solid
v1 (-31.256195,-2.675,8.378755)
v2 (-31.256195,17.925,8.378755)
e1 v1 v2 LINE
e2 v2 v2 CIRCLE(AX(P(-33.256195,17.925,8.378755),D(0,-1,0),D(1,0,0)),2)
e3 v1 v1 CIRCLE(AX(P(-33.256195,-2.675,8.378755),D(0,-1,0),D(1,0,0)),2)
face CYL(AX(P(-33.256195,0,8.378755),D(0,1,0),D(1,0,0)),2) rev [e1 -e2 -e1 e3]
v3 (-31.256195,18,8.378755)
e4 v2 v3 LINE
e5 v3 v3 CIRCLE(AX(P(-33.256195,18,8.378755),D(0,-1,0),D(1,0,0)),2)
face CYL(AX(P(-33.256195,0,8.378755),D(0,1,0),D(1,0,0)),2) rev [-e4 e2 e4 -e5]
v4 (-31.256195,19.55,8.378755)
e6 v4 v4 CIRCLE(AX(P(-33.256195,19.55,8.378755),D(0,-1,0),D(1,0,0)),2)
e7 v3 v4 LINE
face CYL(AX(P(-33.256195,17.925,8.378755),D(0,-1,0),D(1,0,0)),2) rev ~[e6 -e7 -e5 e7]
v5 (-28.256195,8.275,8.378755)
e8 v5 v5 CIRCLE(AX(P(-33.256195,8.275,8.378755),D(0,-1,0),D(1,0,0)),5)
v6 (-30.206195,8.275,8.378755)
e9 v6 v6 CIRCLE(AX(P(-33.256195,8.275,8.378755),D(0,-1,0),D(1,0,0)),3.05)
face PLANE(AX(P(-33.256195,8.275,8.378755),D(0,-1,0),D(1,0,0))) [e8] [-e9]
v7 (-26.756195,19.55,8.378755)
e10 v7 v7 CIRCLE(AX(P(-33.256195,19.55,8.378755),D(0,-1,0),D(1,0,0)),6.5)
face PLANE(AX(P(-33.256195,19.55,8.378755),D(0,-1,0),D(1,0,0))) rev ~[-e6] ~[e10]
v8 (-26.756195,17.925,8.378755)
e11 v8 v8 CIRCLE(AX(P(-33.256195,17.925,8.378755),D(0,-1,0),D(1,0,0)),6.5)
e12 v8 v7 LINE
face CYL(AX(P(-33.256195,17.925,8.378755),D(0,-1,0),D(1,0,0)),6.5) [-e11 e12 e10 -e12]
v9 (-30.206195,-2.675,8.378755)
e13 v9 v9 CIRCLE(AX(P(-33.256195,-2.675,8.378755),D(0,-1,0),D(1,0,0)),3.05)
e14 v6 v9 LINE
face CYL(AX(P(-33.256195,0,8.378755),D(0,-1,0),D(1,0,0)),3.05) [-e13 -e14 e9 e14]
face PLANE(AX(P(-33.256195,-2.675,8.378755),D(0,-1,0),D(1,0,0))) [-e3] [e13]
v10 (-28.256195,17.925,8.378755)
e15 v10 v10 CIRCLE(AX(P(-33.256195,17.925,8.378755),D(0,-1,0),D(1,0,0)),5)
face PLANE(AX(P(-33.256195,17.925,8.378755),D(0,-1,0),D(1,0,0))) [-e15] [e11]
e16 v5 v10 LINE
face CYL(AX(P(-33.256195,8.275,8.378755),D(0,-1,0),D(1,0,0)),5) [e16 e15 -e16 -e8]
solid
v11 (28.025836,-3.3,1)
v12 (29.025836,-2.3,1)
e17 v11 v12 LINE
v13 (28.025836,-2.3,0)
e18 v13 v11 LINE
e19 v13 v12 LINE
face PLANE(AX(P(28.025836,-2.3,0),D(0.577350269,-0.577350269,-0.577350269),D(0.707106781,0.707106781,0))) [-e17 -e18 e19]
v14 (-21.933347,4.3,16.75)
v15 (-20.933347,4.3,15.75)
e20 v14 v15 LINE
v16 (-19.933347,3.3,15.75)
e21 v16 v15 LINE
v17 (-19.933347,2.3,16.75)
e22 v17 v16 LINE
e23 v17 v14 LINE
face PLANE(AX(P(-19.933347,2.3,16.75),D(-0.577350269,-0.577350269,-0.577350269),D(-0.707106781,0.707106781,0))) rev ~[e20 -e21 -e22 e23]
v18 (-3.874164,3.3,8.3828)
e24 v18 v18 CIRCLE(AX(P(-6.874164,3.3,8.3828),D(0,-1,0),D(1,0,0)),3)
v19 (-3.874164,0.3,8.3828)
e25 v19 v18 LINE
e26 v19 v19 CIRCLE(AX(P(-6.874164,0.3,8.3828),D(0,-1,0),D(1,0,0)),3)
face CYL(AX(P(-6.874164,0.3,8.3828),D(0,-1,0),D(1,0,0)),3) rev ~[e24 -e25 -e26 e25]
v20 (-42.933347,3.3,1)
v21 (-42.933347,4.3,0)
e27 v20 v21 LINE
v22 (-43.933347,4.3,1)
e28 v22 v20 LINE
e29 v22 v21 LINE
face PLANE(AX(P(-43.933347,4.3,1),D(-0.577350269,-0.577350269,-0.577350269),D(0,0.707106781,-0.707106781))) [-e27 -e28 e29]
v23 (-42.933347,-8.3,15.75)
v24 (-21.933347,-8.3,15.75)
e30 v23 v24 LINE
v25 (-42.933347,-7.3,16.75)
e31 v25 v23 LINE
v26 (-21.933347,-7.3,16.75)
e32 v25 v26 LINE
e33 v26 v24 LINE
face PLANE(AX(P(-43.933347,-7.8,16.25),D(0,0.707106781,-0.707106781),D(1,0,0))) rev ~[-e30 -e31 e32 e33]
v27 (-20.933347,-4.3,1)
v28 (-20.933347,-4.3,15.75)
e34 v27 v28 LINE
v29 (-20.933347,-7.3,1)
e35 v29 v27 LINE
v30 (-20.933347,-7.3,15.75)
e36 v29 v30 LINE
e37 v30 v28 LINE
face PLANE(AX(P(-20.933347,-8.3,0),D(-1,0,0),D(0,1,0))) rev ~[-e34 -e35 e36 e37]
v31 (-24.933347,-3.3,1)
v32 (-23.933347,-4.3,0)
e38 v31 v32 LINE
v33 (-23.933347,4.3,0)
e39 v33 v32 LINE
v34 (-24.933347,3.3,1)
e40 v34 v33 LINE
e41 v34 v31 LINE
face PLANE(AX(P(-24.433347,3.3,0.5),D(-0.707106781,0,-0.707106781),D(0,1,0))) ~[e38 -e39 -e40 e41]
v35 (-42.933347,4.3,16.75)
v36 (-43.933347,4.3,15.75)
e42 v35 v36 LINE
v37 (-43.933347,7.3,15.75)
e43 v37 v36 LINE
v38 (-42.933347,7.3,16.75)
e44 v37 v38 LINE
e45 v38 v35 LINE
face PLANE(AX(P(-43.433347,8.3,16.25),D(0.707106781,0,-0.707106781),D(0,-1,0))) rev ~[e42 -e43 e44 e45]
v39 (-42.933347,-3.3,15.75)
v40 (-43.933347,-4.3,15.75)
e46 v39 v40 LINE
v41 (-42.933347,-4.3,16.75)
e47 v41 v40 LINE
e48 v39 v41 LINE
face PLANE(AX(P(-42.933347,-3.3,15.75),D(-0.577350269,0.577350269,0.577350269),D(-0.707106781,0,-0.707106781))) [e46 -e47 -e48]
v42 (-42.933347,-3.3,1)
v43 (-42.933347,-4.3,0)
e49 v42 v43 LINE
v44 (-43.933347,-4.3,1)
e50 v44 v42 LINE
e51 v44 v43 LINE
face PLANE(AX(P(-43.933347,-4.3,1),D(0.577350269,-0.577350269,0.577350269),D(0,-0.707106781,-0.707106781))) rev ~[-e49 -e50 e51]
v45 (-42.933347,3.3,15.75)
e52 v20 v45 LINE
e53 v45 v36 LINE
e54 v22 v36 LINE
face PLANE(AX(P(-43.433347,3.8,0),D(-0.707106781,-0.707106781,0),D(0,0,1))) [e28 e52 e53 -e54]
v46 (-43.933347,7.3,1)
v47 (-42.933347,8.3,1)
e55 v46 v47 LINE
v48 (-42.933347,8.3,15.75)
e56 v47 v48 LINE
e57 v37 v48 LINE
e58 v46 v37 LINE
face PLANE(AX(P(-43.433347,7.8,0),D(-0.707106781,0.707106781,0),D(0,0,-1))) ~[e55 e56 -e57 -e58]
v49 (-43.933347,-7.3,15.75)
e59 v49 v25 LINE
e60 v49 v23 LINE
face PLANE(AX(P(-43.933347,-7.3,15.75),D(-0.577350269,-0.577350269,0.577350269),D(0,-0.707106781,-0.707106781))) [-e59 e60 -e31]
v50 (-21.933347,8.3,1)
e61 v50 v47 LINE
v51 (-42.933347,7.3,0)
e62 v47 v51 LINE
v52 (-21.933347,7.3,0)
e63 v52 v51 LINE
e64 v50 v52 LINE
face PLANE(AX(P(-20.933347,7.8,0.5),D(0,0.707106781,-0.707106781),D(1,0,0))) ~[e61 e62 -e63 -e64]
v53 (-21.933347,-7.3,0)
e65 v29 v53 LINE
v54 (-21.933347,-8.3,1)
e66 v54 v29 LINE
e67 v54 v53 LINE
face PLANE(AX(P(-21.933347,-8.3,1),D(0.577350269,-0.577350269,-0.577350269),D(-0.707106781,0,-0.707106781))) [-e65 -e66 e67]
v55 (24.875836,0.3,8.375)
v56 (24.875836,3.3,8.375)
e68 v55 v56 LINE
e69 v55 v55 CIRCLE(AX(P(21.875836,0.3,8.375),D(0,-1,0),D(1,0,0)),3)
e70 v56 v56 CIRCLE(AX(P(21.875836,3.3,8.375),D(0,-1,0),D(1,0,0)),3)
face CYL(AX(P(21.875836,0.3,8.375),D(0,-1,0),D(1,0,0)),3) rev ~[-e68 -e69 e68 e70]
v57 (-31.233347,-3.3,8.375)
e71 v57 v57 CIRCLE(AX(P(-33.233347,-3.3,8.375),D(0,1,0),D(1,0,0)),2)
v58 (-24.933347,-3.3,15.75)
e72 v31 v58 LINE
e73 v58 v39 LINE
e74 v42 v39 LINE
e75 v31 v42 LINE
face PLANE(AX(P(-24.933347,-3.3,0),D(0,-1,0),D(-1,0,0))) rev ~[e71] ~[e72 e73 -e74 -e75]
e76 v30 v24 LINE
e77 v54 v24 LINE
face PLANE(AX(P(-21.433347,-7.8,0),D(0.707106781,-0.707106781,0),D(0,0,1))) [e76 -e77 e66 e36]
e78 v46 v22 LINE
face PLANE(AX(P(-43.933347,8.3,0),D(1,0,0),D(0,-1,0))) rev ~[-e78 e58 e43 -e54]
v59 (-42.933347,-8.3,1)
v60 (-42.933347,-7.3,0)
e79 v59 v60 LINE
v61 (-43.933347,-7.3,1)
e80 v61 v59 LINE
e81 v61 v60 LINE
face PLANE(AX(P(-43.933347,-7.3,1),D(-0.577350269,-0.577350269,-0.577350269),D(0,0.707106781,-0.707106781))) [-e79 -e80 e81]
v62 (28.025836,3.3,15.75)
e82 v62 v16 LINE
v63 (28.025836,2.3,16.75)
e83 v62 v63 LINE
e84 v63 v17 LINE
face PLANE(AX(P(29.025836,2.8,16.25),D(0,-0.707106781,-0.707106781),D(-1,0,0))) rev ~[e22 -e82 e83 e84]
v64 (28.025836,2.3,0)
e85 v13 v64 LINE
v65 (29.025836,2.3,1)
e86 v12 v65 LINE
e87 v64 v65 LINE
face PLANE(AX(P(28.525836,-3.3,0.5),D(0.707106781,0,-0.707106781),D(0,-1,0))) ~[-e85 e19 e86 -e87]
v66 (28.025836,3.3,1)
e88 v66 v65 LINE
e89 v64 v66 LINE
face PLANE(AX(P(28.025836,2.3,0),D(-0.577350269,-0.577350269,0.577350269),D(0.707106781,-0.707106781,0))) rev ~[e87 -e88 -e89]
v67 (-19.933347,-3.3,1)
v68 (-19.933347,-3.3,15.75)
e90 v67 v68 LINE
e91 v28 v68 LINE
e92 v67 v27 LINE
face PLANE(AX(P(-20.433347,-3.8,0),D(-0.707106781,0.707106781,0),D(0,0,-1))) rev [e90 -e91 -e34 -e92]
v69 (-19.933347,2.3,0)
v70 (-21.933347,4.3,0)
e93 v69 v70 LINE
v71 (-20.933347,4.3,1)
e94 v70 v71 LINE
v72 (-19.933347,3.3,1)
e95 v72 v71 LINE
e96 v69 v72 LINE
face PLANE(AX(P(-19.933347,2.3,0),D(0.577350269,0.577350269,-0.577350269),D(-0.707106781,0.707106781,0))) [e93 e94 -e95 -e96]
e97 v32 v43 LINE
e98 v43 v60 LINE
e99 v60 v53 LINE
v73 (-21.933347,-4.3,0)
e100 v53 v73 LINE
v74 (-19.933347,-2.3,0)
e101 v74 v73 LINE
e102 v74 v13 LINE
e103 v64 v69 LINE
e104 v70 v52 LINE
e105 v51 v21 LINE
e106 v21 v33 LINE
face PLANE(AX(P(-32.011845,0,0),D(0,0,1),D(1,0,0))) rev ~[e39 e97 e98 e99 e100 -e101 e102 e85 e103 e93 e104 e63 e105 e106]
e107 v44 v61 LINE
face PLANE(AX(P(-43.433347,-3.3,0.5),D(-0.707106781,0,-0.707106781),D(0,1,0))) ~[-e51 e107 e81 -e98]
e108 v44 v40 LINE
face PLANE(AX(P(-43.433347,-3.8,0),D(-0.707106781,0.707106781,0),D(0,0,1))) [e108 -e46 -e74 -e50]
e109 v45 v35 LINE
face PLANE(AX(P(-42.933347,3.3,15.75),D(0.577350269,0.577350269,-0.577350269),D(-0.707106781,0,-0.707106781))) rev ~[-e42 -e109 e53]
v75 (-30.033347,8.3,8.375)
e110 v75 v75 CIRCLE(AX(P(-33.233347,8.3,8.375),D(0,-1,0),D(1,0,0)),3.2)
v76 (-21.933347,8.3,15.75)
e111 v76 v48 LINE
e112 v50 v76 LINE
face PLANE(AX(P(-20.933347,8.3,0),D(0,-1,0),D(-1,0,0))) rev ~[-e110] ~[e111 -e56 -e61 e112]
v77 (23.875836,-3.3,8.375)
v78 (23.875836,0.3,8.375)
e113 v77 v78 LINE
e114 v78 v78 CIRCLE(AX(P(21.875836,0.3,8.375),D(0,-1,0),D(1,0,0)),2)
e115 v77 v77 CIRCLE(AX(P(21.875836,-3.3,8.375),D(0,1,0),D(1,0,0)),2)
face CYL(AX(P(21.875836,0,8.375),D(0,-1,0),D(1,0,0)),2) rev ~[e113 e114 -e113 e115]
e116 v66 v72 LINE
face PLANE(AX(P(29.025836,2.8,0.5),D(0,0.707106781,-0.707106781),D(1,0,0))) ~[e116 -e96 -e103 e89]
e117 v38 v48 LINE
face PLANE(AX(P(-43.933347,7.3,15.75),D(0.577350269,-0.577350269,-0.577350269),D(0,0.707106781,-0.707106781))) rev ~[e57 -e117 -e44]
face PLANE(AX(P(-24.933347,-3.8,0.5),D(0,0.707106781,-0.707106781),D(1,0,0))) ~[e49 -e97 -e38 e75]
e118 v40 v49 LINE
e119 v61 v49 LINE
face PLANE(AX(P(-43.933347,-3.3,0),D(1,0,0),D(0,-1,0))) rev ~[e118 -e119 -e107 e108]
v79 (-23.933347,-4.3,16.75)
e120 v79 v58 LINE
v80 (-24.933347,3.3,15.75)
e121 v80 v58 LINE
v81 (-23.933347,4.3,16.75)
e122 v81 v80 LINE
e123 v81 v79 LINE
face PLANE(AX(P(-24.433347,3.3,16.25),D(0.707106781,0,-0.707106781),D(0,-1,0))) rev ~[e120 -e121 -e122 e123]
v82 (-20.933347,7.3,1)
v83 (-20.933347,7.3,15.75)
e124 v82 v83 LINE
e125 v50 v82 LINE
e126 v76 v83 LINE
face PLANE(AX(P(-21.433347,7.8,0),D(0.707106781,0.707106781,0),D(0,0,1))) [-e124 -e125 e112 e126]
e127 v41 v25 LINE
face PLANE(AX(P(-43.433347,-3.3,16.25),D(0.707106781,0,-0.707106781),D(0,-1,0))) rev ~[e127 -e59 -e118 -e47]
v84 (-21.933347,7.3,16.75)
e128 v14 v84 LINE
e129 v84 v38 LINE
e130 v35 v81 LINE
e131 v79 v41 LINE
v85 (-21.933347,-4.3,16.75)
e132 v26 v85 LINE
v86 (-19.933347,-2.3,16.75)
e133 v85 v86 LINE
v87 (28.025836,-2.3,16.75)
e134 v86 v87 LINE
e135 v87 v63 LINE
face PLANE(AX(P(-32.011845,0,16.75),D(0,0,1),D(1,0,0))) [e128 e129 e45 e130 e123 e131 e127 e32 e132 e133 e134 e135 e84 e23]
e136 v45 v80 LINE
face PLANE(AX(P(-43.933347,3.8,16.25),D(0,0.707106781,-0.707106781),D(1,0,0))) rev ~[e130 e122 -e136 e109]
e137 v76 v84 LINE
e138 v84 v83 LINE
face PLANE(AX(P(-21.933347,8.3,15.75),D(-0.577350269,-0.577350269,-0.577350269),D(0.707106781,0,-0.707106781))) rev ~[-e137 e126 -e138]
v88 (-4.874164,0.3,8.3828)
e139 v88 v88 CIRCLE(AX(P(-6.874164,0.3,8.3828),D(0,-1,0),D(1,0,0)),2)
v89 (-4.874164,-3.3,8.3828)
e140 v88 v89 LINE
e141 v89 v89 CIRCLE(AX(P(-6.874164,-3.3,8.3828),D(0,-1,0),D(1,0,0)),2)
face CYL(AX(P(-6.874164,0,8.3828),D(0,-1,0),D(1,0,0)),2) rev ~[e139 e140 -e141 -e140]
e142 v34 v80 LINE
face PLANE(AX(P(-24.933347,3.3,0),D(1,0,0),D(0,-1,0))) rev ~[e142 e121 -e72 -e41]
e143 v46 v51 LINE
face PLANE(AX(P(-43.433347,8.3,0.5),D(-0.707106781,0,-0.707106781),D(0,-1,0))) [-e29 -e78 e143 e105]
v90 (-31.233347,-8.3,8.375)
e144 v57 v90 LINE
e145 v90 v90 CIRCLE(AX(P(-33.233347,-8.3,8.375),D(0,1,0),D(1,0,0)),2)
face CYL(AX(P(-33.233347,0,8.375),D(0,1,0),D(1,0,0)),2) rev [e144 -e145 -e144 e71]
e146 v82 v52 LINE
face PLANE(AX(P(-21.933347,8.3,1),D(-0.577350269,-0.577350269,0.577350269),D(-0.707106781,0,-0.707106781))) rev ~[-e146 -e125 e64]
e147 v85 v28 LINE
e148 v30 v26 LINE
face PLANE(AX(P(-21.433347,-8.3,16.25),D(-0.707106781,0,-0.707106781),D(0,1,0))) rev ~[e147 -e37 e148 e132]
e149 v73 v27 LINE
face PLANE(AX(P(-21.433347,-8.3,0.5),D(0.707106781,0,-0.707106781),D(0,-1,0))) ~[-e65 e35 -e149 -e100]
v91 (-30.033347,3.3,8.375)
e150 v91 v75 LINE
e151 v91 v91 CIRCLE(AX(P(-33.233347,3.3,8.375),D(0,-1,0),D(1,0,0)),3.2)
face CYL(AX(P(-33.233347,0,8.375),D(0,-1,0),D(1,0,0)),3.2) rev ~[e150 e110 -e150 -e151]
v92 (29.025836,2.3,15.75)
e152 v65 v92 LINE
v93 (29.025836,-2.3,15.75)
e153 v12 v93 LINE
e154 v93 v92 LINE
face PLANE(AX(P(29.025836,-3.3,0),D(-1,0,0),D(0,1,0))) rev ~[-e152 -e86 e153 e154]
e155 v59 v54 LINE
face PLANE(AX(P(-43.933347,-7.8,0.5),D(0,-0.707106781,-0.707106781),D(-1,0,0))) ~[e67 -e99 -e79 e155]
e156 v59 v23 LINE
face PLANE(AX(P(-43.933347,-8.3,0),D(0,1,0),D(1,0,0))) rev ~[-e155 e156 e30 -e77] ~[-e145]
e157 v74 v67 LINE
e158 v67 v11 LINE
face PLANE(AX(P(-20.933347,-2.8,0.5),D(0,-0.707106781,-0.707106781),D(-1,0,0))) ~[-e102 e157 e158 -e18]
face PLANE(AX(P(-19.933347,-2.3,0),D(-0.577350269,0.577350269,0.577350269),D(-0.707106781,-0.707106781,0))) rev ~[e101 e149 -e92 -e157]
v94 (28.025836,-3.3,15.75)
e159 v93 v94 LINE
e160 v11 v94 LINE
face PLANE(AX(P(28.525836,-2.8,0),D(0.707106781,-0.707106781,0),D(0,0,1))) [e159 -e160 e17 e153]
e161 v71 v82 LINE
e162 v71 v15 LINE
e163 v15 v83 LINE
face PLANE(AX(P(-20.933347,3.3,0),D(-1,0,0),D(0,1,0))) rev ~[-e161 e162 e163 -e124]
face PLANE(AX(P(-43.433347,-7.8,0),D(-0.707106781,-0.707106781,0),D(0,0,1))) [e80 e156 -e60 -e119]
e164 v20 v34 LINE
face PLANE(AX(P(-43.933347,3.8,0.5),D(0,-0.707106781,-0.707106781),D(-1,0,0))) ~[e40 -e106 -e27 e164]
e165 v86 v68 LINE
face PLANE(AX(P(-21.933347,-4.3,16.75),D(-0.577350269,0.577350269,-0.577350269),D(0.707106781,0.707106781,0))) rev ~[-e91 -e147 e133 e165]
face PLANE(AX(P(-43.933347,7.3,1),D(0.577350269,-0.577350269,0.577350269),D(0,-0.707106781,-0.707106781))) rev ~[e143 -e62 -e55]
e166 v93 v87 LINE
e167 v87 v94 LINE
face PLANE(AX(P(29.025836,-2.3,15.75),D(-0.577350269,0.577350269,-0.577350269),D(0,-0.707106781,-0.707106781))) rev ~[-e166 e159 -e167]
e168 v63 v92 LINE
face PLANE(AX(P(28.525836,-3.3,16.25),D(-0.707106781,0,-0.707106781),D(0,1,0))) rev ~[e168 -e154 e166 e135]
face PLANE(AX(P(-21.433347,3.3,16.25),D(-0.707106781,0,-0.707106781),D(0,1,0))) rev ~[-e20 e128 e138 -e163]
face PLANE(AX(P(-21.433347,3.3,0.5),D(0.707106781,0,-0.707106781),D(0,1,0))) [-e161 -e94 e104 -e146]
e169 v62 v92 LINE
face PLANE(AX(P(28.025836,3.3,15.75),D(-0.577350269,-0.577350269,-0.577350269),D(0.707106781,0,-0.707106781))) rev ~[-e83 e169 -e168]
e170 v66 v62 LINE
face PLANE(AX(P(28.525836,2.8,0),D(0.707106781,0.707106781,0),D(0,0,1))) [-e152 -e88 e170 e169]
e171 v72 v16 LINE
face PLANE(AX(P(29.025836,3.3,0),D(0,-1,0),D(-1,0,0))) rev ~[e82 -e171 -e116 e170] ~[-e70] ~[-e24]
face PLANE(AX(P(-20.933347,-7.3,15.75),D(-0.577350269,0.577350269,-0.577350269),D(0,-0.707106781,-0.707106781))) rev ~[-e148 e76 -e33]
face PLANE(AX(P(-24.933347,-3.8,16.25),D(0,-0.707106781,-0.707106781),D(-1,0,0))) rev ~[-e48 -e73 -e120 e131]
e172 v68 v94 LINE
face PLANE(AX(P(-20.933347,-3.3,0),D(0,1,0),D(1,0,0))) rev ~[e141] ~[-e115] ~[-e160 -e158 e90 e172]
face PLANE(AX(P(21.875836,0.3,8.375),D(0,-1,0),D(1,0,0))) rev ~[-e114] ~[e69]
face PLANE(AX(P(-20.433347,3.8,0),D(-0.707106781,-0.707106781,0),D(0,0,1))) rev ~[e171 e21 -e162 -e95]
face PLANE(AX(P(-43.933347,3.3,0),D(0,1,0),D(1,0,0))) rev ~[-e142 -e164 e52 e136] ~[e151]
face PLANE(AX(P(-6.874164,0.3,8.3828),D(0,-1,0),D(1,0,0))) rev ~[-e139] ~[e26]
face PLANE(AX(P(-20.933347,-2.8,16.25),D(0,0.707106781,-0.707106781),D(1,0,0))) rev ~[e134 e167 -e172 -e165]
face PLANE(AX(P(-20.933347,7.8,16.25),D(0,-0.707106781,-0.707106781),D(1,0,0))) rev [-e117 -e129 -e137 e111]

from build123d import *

# Parameters (mm, degrees)
F1_DEPTH      = 16.75
F2_R          = 2
F3_DEPTH      = 12.5
F4_SIZE       = 1
F2_R_2        = 3.2
F5_DEPTH      = 25
F6_DEPTH      = 15.55
F7_R          = 3.05
F7_R_2        = 2
F8_DEPTH      = 2.675
F8_DEPTH_BACK = 18
F9_START      = -8.275
F7_R_3        = 5
F9_DEPTH      = 9.725
F10_START     = -0.3
F2_R_3        = 3
F10_DEPTH     = 9.85
F11_START     = -17.925
F7_R_4        = 6.5
F11_DEPTH     = 1.625


with BuildPart() as f1:
    # F0 (on Top) → F1 (new body)
    with BuildSketch(Plane.XY):
        Polygon((-20.9333471719, 8.3), (-43.9333471719, 8.3), (-43.9333471719, 3.3), (-24.9333471719, 3.3), (-24.9333471719, 0), (-24.9333471719, -3.3), (-43.9333471719, -3.3), (-43.9333471719, -8.3), (-20.9333471719, -8.3), (-20.9333471719, -3.3), (-20.9333471719, 0), (-20.9333471719, 3.3), align=None)
        Polygon((29.0258359164, 3.3), (-20.9333471719, 3.3), (-20.9333471719, 0), (-20.9333471719, -3.3), (29.0258359164, -3.3), (29.0258359164, 0), align=None)
    extrude(amount=F1_DEPTH)

    # F2 (on Front) → F3 (cut, symmetric)
    with BuildSketch(Plane.XZ):
        with Locations((21.8758359164, 8.375)):
            Circle(F2_R)
        with Locations((-6.8741640836, 8.382800118)):
            Circle(F2_R)
    extrude(amount=F3_DEPTH, both=True, mode=Mode.SUBTRACT)

    # F4
    f4_edges = [f1.edges().sort_by_distance(p)[0] for p in [
        (-32.433347, -8.3, 16.75),
        (-20.933347, -5.8, 16.75),
        (4.046244, -3.3, 16.75),
        (29.025836, 0, 16.75),
        (4.046244, 3.3, 16.75),
        (-20.933347, 5.8, 16.75),
        (-32.433347, 8.3, 16.75),
        (-43.933347, 5.8, 16.75),
        (-43.933347, -5.8, 16.75),
        (29.025836, -3.3, 8.375),
        (29.025836, 3.3, 8.375),
        (4.046244, 3.3, 0),
        (4.046244, -3.3, 0),
        (-20.933347, -5.8, 0),
        (-20.933347, 5.8, 0),
        (-20.933347, -8.3, 8.375),
        (-20.933347, 8.3, 8.375),
        (-32.433347, 8.3, 0),
        (-32.433347, -8.3, 0),
        (-24.933347, 0, 0),
        (-24.933347, 0, 16.75),
        (-34.433347, 3.3, 16.75),
        (-34.433347, -3.3, 16.75),
        (-34.433347, -3.3, 0),
        (-34.433347, 3.3, 0),
        (-43.933347, -8.3, 8.375),
        (-43.933347, 8.3, 8.375),
        (-43.933347, 3.3, 8.375),
        (-43.933347, -3.3, 8.375),
        (-43.933347, 5.8, 0),
        (-43.933347, -5.8, 0),
        (29.025836, 0, 0),
        (-20.933347, -3.3, 8.375),
        (-20.933347, 3.3, 8.375),
    ]]
    chamfer(f4_edges, length=F4_SIZE)

    # F2 (on Front) → F5 (cut)
    with BuildSketch(Plane.XZ):
        with Locations((-33.2333471719, 8.375)):
            Circle(F2_R_2)
        with Locations((-33.2333471719, 8.375)):
            Circle(F2_R, mode=Mode.SUBTRACT)
        with Locations((-33.2333471719, 8.375)):
            Circle(F2_R)
    extrude(amount=-F5_DEPTH, mode=Mode.SUBTRACT)

    # F2 (on Front) → F6 (cut)
    with BuildSketch(Plane.XZ):
        with Locations((-33.2333471719, 8.375)):
            Circle(F2_R)
    extrude(amount=F6_DEPTH, mode=Mode.SUBTRACT)

    # F2 (on Front) → F10 (cut)
    with BuildSketch(Plane.XZ.offset(F10_START)):
        with Locations((21.8758359164, 8.375)):
            Circle(F2_R_3)
        with Locations((21.8758359164, 8.375)):
            Circle(F2_R, mode=Mode.SUBTRACT)
        with Locations((-6.8741640836, 8.382800118)):
            Circle(F2_R_3)
        with Locations((-6.8741640836, 8.382800118)):
            Circle(F2_R, mode=Mode.SUBTRACT)
    extrude(amount=-F10_DEPTH, mode=Mode.SUBTRACT)


with BuildPart() as f8:
    # F7 (on Front) → F8 (new body, two sides)
    with BuildSketch(Plane.XZ) as f8_sk:
        with Locations((-33.2561954856, 8.3787553012)):
            Circle(F7_R)
        with Locations((-33.2561954856, 8.3787553012)):
            Circle(F7_R_2, mode=Mode.SUBTRACT)
    extrude(amount=F8_DEPTH)
    extrude(f8_sk.sketch, amount=-F8_DEPTH_BACK)



with BuildPart() as f9:
    # F7 (on Front) → F9 (new body)
    with BuildSketch(Plane.XZ.offset(F9_START)):
        with Locations((-33.2561954856, 8.3787553012)):
            Circle(F7_R_3)
        with Locations((-33.2561954856, 8.3787553012)):
            Circle(F7_R, mode=Mode.SUBTRACT)
    extrude(amount=-F9_DEPTH)


with BuildPart() as f8_1:
    add(f8.part)

    add(f9.part)  # F11 merges F9
    # F7 (on Front) → F11 (join)
    with BuildSketch(Plane.XZ.offset(F11_START)):
        with Locations((-33.2561954856, 8.3787553012)):
            Circle(F7_R_4)
        with Locations((-33.2561954856, 8.3787553012)):
            Circle(F7_R_3, mode=Mode.SUBTRACT)
        with Locations((-33.2561954856, 8.3787553012)):
            Circle(F7_R_3)
        with Locations((-33.2561954856, 8.3787553012)):
            Circle(F7_R, mode=Mode.SUBTRACT)
        with Locations((-33.2561954856, 8.3787553012)):
            Circle(F7_R)
        with Locations((-33.2561954856, 8.3787553012)):
            Circle(F7_R_2, mode=Mode.SUBTRACT)
    extrude(amount=-F11_DEPTH)


solid = Compound([f1.part, f8_1.part])
